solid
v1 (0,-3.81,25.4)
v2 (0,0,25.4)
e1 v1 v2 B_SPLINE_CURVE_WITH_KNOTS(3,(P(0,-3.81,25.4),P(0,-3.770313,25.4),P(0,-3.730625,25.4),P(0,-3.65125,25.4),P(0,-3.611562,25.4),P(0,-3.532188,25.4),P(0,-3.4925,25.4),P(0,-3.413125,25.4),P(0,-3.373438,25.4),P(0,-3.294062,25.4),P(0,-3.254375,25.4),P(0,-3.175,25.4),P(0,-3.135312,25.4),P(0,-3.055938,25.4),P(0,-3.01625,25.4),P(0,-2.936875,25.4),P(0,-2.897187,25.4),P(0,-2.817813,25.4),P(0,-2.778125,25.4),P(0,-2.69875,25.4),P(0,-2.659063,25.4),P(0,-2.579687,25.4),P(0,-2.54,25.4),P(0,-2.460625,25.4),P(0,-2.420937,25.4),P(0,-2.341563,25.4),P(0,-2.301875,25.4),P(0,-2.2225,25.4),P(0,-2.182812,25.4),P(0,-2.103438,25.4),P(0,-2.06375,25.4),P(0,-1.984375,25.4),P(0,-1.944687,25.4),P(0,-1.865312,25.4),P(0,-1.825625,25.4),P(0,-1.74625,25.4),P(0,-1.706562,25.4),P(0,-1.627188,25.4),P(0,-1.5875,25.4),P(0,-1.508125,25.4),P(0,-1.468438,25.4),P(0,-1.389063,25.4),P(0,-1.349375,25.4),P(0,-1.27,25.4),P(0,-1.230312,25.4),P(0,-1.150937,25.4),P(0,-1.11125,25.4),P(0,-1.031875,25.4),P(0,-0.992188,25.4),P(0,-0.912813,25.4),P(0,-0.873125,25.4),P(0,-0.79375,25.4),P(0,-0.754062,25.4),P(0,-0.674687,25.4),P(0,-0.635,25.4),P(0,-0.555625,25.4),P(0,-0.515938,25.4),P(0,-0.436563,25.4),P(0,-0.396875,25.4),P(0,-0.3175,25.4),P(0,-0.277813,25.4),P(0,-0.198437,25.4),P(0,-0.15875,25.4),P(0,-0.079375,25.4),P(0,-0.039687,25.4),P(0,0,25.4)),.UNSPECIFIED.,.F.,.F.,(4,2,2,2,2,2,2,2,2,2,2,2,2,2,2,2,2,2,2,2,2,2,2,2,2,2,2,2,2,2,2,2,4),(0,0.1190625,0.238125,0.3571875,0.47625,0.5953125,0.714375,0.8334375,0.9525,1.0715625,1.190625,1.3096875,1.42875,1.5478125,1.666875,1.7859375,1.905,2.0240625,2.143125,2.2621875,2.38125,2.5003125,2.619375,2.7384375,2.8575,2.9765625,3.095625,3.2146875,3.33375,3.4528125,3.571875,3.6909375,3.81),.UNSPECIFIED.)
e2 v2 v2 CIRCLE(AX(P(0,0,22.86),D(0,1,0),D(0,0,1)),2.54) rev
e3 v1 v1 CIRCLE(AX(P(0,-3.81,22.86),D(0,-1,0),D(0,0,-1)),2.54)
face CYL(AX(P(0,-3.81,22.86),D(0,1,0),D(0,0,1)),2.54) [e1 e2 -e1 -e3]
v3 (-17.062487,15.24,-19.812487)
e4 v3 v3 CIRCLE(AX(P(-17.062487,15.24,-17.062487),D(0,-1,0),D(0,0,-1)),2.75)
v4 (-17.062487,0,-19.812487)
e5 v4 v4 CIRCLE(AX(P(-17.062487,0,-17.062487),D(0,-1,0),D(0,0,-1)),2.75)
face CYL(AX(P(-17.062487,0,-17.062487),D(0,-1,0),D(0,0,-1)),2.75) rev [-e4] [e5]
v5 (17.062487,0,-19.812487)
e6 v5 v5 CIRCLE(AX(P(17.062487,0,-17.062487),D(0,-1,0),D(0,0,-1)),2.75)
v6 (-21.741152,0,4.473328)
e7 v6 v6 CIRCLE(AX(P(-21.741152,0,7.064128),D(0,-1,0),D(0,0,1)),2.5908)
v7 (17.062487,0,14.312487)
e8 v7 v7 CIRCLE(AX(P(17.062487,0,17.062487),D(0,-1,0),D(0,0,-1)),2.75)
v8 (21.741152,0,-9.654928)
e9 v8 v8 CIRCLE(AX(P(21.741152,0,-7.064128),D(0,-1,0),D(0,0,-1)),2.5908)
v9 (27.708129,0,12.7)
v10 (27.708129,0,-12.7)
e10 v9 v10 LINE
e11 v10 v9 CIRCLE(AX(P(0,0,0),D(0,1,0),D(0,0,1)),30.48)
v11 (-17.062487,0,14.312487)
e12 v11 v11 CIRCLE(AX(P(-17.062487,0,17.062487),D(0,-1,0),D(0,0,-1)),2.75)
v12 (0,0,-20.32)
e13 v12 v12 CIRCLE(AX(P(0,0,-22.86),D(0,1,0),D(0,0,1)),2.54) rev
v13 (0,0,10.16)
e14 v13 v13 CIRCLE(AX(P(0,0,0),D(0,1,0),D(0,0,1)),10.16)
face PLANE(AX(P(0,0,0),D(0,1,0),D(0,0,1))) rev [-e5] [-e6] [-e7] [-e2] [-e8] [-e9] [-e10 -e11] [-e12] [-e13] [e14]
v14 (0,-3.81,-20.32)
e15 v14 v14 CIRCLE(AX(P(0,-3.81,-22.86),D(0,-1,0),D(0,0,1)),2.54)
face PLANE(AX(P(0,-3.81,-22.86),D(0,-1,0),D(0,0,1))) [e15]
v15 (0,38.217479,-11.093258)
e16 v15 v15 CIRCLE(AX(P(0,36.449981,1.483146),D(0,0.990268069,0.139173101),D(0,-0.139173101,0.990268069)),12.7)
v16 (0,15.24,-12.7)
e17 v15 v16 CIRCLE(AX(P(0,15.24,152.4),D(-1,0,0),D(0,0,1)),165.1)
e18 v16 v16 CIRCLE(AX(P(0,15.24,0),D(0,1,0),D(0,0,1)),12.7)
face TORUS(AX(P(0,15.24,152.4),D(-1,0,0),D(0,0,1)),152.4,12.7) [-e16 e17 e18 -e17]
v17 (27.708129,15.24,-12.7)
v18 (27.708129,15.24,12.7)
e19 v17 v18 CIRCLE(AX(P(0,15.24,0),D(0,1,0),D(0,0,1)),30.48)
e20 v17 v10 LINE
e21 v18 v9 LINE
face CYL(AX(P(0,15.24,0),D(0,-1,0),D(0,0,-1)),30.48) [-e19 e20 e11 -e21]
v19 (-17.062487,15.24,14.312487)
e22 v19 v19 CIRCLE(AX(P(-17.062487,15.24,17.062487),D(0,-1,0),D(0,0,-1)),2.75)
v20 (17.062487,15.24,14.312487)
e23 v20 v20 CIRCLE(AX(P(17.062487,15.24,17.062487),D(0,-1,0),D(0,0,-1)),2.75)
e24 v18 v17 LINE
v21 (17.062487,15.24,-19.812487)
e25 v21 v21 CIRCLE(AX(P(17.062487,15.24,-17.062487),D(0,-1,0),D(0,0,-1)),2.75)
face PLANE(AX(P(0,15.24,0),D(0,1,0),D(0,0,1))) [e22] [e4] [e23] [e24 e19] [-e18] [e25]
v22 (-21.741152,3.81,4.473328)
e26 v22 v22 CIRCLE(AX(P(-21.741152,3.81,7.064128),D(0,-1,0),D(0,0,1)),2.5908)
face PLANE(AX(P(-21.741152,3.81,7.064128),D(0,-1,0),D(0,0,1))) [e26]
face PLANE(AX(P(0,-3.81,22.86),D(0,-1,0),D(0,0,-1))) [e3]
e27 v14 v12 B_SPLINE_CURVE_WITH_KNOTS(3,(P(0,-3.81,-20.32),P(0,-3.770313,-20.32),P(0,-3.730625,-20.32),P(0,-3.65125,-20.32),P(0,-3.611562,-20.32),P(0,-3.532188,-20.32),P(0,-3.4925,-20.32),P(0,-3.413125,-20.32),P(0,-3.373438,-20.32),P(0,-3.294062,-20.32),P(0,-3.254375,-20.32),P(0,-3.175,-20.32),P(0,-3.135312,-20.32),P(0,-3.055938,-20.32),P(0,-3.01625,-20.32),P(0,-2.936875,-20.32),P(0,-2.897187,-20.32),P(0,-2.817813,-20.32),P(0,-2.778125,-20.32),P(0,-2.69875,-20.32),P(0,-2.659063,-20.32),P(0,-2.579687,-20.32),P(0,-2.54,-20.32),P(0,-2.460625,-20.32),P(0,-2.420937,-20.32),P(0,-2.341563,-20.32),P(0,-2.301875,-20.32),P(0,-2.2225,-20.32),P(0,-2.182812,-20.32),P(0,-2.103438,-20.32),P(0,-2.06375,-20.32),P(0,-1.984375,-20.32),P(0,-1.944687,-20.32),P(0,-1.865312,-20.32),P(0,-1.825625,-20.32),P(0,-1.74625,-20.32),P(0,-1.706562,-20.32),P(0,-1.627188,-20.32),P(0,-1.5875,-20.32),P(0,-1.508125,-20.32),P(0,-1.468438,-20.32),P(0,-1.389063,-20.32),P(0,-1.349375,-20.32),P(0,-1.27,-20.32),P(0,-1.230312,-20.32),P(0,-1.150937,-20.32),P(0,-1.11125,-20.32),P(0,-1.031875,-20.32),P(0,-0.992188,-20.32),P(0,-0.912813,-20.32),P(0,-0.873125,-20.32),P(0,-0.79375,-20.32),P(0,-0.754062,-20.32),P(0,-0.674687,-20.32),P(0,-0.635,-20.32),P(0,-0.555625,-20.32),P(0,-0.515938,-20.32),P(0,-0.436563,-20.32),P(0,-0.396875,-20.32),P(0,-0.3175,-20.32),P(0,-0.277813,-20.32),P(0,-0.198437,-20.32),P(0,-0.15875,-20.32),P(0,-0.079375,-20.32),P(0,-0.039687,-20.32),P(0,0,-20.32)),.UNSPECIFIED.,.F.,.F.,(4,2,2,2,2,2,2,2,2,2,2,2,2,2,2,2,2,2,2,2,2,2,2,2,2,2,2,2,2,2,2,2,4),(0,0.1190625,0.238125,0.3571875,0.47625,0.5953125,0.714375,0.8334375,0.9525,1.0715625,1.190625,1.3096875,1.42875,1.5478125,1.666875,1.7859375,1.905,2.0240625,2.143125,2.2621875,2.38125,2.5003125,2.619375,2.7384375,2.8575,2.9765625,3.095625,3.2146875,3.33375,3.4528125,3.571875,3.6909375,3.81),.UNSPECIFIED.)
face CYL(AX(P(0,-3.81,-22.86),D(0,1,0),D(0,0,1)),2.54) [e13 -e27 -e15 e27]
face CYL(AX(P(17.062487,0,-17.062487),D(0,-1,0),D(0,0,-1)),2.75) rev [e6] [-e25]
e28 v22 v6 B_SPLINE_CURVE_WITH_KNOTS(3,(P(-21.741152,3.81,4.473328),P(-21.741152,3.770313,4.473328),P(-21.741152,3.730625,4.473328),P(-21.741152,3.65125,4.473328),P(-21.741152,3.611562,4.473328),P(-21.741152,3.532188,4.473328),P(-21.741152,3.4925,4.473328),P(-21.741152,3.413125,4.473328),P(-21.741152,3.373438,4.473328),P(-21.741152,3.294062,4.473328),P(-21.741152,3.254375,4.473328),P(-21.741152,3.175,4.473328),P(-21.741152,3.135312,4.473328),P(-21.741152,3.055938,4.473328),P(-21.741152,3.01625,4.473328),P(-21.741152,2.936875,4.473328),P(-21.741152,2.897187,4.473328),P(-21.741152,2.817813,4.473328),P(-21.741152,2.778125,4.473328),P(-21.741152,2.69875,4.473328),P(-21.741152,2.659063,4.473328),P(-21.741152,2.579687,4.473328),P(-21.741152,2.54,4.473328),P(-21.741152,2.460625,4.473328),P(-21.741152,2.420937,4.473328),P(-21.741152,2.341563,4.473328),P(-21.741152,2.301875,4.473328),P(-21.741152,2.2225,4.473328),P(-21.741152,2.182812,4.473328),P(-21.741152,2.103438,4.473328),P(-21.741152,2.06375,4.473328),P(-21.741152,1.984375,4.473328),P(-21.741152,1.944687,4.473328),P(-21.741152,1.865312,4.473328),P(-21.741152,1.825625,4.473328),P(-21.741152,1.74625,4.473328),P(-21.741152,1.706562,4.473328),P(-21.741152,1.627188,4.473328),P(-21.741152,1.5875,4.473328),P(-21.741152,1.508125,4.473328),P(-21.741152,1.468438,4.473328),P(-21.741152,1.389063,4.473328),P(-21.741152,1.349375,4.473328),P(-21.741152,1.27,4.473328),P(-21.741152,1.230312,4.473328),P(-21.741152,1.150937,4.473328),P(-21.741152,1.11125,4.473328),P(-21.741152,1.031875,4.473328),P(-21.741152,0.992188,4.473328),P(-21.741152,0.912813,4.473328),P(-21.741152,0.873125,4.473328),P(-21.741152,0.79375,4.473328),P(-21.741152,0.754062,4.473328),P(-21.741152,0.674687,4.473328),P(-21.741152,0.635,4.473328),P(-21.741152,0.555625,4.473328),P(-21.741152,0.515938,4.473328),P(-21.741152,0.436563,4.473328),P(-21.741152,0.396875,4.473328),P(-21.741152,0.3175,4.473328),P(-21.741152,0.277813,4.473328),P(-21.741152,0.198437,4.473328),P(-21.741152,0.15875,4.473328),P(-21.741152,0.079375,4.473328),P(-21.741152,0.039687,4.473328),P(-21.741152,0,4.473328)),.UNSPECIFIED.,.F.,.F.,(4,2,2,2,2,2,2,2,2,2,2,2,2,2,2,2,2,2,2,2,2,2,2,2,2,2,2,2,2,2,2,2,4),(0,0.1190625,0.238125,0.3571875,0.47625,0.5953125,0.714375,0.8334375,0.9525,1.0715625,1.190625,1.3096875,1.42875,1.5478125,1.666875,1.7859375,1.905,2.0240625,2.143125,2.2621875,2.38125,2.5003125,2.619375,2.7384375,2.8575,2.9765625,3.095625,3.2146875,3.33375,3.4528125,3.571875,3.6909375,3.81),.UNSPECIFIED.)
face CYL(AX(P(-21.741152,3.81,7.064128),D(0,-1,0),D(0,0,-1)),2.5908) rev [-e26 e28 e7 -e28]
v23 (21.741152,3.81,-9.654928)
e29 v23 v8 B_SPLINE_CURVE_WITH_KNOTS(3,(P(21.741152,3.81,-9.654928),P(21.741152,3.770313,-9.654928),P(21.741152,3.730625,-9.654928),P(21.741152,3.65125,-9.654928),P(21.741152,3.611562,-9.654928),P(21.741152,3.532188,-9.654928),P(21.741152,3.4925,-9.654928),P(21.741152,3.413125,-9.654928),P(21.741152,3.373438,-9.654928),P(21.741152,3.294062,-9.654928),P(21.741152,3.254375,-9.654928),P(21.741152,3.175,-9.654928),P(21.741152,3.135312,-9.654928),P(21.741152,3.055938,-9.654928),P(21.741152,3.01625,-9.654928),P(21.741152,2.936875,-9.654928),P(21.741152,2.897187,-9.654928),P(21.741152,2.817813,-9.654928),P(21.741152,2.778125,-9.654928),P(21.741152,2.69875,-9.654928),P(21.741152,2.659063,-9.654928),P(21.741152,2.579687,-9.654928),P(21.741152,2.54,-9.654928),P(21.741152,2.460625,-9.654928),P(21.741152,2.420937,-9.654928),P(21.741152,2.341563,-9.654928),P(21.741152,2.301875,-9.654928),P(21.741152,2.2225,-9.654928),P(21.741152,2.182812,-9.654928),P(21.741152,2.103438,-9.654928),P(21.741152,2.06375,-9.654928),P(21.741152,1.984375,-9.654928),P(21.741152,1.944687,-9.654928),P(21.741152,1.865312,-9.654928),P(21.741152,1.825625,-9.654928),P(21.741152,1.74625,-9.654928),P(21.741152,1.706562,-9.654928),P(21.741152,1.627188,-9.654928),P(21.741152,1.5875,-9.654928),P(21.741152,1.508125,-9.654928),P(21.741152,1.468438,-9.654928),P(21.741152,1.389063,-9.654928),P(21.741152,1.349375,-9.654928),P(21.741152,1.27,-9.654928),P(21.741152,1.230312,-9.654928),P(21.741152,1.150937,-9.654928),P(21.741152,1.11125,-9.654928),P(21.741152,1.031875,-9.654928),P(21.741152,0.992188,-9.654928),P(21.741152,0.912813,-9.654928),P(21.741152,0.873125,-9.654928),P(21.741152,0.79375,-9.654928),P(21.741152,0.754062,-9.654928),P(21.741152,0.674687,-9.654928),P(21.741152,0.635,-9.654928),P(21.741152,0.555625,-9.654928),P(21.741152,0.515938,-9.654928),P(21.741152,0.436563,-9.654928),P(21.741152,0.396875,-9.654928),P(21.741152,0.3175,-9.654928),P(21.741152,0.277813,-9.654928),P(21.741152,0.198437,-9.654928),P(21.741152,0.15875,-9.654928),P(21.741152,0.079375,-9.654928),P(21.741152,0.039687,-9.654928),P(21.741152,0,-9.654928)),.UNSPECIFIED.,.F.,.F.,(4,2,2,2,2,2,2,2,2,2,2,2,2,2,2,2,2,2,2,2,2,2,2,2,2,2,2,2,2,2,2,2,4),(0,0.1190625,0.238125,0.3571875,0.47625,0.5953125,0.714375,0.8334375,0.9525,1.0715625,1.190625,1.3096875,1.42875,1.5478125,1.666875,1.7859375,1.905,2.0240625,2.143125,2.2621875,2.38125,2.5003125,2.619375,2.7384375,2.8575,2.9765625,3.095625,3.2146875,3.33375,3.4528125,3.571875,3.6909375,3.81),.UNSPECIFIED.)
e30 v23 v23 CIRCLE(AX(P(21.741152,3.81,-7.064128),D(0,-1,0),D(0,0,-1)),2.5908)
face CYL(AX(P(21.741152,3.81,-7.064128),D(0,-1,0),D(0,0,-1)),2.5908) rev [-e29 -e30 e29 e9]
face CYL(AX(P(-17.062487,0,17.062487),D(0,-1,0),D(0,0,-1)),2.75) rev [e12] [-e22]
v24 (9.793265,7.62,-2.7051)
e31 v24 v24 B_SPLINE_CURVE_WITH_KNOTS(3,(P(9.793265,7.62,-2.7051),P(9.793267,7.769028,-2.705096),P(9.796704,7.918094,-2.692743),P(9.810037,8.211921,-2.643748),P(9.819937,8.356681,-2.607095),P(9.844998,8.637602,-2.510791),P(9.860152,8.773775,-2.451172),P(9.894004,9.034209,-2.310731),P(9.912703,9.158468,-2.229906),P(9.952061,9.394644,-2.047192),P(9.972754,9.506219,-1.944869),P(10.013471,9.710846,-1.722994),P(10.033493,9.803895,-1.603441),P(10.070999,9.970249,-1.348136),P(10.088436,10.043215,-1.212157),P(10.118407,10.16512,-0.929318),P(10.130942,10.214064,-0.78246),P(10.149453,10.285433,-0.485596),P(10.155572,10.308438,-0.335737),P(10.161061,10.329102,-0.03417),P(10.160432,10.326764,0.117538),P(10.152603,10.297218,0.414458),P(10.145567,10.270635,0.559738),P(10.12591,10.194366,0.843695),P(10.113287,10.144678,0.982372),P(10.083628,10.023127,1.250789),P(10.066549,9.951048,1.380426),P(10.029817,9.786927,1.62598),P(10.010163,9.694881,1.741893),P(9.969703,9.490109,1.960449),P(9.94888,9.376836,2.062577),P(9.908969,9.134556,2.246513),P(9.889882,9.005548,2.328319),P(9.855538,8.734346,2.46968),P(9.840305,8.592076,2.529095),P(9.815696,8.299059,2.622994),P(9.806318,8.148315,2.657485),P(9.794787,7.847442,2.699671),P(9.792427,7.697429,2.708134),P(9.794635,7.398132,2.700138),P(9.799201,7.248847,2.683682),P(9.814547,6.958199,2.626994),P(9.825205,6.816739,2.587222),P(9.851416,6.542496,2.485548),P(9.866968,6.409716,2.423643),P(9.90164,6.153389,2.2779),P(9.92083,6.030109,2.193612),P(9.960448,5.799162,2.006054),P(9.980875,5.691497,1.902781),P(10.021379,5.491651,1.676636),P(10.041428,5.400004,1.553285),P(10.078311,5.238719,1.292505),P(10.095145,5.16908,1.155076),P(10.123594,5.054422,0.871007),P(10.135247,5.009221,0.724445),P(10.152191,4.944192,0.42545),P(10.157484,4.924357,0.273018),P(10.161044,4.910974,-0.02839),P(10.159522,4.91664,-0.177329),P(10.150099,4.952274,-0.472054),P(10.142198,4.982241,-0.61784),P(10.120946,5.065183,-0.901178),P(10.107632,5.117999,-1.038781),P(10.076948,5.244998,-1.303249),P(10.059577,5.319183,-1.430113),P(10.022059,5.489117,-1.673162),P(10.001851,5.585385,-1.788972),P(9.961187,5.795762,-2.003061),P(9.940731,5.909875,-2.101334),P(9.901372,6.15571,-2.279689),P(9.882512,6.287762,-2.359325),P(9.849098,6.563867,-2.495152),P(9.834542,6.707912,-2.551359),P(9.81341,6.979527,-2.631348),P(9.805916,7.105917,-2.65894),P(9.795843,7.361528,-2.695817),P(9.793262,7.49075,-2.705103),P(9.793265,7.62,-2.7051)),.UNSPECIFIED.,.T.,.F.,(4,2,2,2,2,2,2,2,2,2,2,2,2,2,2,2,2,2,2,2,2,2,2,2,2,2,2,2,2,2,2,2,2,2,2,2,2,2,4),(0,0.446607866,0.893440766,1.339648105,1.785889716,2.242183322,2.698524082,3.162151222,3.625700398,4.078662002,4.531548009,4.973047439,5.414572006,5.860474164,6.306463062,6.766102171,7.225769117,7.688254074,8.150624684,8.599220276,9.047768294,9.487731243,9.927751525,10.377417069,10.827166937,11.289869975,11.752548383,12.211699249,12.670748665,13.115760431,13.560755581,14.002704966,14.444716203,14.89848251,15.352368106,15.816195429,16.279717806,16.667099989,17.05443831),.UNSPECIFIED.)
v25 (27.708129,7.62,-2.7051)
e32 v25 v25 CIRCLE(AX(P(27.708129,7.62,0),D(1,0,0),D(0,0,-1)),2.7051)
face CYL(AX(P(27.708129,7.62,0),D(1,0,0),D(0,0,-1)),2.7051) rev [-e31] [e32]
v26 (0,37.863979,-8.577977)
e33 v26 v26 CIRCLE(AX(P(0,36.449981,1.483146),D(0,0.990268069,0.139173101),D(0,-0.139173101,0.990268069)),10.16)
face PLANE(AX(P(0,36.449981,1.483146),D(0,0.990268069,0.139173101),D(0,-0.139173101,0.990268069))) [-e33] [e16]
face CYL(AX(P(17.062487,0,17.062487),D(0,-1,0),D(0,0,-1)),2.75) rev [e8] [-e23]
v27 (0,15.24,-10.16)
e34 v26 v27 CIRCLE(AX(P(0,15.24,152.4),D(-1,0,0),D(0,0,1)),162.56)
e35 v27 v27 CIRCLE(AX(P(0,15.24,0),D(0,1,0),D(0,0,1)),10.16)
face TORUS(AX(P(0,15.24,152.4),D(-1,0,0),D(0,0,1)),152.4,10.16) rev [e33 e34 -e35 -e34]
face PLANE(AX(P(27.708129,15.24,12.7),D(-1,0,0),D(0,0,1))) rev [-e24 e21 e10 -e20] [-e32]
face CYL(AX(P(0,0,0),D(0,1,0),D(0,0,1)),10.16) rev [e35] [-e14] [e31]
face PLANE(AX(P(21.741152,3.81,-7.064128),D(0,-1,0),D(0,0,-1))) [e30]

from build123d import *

# Parameters (mm, degrees)
SKETCH1_R                         = 30.48
MAIN_BODY_EXTRUDE_DEPTH           = 15.24
THROUGH_HOLE_FOR_BLOOD_DEPTH      = 46.72
THROUGH_HOLE_FOR_BLOOD_DEPTH_BACK = 46.72
SKETCH2_R                         = 10.16
M5_CLEARANCE_HOLE_D               = 5.5
SCREW_HOLE_PATTERN_COUNT          = 4
CUT_EXTRUDE2_DEPTH                = 46.72
SKETCH18_7_R                      = 2.5908
FLAT_SIDE_DOWEL_HOLE_DEPTH        = 3.81
SKETCH27_4_R                      = 2.54
FLAT_SIDE_DOWEL_DEPTH             = 3.81
CIRPATTERN1_COUNT                 = 2
CIRPATTERN2_COUNT                 = 2
SKETCH52_R                        = 12.7
SKETCH52_R_2                      = 10.16
REVOLVE2_ANGLE                    = 8
F_1_4_28_TAPPED_HOLE1_REACH       = 77.996
F_1_4_28_TAPPED_HOLE1_BORE_R      = 2.7051


with BuildPart() as part:
    # Sketch1 → Main Body Extrude (new body)
    with BuildSketch(Plane(origin=(0, 0, 0), x_dir=(1, 0, 0), z_dir=(0, 1, 0))):
        with Locations(Location((0, 0, 0), (0, 0, 90))):
            Circle(SKETCH1_R)
    extrude(amount=MAIN_BODY_EXTRUDE_DEPTH)

    # Sketch2 → Through Hole For Blood (cut, two sides: drawn at the far end of the back side and taken through both)
    with BuildSketch(Plane(origin=(0, 15.24, 0), x_dir=(1, 0, 0), z_dir=(0, 1, 0)).offset(-THROUGH_HOLE_FOR_BLOOD_DEPTH_BACK)):
        with Locations(Location((0, 0, 0), (0, 0, 270))):
            Circle(SKETCH2_R)
    extrude(amount=THROUGH_HOLE_FOR_BLOOD_DEPTH + THROUGH_HOLE_FOR_BLOOD_DEPTH_BACK, mode=Mode.SUBTRACT)

    # M5 Clearance Hole (through all)
    with Locations(Plane(origin=(0, 0, 0), x_dir=(-1, 0, 0), z_dir=(0, -1, 0))):
        with Locations((17.06248663, -17.06248663)):
            m5_clearance_hole = Hole(M5_CLEARANCE_HOLE_D / 2)

    # Screw Hole Pattern: M5 Clearance Hole ×4 about axis
    screw_hole_pattern_axis = Axis((0, 0, 0), (0, 1, 0))
    for i in range(1, SCREW_HOLE_PATTERN_COUNT):
        add(m5_clearance_hole.rotate(screw_hole_pattern_axis, i * 360 / SCREW_HOLE_PATTERN_COUNT), mode=Mode.SUBTRACT)

    # Sketch42 → Cut-Extrude2 (cut, through all)
    with BuildSketch(Plane.XZ):
        with BuildLine():
            Line((27.708128771, 12.7), (27.708128771, -12.7))
            ThreePointArc((27.708128771, -12.7), (30.48, 0), (27.708128771, 12.7))
        make_face()
    extrude(amount=-CUT_EXTRUDE2_DEPTH, mode=Mode.SUBTRACT)

    # Sketch18<7> → Flat Side Dowel Hole (cut)
    with BuildSketch(Plane(origin=(0, 0, 0), x_dir=(-1, 0, 0), z_dir=(0, -1, 0))):
        with Locations(Location((-21.741151963, 7.064128491, 0), (0, 0, 90))):
            Circle(SKETCH18_7_R)
    flat_side_dowel_hole = extrude(amount=-FLAT_SIDE_DOWEL_HOLE_DEPTH, mode=Mode.SUBTRACT)

    # Sketch27<4> → Flat Side Dowel (add)
    with BuildSketch(Plane.XZ):
        with Locations(Location((0, 22.86, 0), (0, 0, 90))):
            Circle(SKETCH27_4_R)
    flat_side_dowel = extrude(amount=FLAT_SIDE_DOWEL_DEPTH)

    # CirPattern1: Flat Side Dowel Hole ×2 about axis
    cirpattern1_axis = Axis((0, 0, 0), (0, 1, 0))
    for i in range(1, CIRPATTERN1_COUNT):
        add(flat_side_dowel_hole.rotate(cirpattern1_axis, i * 360 / CIRPATTERN1_COUNT), mode=Mode.SUBTRACT)

    # CirPattern2: Flat Side Dowel ×2 about axis
    cirpattern2_axis = Axis((0, 0, 0), (0, 1, 0))
    for i in range(1, CIRPATTERN2_COUNT):
        add(flat_side_dowel.rotate(cirpattern2_axis, i * 360 / CIRPATTERN2_COUNT))

    # Sketch52 → Revolve2 (revolve)
    with BuildSketch(Plane(origin=(0, 15.24, 0), x_dir=(1, 0, 0), z_dir=(0, 1, 0))):
        Circle(SKETCH52_R)
        with Locations(Location((0, 0, 0), (0, 0, 270))):
            Circle(SKETCH52_R_2, mode=Mode.SUBTRACT)
    revolve(axis=Axis((0, 15.24, 152.4), (1, 0, 0)), revolution_arc=REVOLVE2_ANGLE)

    # 1/4-28 Tapped Hole1 bore → 1/4-28 Tapped Hole1 (cut, up to next)
    with BuildSketch(Plane(origin=(27.708128771, 0, 0), x_dir=(0, 0, -1), z_dir=(1, 0, 0)), mode=Mode.PRIVATE) as f_1_4_28_tapped_hole1_sk1:
        with Locations((0, 7.62)):
            Circle(F_1_4_28_TAPPED_HOLE1_BORE_R)
    f_1_4_28_tapped_hole1_tool1 = extrude(f_1_4_28_tapped_hole1_sk1.sketch, amount=-F_1_4_28_TAPPED_HOLE1_REACH, mode=Mode.PRIVATE) & part.part
    add(f_1_4_28_tapped_hole1_tool1.solids().sort_by_distance((27.708129, 7.62, 0))[0], mode=Mode.SUBTRACT)


solid = part.part
